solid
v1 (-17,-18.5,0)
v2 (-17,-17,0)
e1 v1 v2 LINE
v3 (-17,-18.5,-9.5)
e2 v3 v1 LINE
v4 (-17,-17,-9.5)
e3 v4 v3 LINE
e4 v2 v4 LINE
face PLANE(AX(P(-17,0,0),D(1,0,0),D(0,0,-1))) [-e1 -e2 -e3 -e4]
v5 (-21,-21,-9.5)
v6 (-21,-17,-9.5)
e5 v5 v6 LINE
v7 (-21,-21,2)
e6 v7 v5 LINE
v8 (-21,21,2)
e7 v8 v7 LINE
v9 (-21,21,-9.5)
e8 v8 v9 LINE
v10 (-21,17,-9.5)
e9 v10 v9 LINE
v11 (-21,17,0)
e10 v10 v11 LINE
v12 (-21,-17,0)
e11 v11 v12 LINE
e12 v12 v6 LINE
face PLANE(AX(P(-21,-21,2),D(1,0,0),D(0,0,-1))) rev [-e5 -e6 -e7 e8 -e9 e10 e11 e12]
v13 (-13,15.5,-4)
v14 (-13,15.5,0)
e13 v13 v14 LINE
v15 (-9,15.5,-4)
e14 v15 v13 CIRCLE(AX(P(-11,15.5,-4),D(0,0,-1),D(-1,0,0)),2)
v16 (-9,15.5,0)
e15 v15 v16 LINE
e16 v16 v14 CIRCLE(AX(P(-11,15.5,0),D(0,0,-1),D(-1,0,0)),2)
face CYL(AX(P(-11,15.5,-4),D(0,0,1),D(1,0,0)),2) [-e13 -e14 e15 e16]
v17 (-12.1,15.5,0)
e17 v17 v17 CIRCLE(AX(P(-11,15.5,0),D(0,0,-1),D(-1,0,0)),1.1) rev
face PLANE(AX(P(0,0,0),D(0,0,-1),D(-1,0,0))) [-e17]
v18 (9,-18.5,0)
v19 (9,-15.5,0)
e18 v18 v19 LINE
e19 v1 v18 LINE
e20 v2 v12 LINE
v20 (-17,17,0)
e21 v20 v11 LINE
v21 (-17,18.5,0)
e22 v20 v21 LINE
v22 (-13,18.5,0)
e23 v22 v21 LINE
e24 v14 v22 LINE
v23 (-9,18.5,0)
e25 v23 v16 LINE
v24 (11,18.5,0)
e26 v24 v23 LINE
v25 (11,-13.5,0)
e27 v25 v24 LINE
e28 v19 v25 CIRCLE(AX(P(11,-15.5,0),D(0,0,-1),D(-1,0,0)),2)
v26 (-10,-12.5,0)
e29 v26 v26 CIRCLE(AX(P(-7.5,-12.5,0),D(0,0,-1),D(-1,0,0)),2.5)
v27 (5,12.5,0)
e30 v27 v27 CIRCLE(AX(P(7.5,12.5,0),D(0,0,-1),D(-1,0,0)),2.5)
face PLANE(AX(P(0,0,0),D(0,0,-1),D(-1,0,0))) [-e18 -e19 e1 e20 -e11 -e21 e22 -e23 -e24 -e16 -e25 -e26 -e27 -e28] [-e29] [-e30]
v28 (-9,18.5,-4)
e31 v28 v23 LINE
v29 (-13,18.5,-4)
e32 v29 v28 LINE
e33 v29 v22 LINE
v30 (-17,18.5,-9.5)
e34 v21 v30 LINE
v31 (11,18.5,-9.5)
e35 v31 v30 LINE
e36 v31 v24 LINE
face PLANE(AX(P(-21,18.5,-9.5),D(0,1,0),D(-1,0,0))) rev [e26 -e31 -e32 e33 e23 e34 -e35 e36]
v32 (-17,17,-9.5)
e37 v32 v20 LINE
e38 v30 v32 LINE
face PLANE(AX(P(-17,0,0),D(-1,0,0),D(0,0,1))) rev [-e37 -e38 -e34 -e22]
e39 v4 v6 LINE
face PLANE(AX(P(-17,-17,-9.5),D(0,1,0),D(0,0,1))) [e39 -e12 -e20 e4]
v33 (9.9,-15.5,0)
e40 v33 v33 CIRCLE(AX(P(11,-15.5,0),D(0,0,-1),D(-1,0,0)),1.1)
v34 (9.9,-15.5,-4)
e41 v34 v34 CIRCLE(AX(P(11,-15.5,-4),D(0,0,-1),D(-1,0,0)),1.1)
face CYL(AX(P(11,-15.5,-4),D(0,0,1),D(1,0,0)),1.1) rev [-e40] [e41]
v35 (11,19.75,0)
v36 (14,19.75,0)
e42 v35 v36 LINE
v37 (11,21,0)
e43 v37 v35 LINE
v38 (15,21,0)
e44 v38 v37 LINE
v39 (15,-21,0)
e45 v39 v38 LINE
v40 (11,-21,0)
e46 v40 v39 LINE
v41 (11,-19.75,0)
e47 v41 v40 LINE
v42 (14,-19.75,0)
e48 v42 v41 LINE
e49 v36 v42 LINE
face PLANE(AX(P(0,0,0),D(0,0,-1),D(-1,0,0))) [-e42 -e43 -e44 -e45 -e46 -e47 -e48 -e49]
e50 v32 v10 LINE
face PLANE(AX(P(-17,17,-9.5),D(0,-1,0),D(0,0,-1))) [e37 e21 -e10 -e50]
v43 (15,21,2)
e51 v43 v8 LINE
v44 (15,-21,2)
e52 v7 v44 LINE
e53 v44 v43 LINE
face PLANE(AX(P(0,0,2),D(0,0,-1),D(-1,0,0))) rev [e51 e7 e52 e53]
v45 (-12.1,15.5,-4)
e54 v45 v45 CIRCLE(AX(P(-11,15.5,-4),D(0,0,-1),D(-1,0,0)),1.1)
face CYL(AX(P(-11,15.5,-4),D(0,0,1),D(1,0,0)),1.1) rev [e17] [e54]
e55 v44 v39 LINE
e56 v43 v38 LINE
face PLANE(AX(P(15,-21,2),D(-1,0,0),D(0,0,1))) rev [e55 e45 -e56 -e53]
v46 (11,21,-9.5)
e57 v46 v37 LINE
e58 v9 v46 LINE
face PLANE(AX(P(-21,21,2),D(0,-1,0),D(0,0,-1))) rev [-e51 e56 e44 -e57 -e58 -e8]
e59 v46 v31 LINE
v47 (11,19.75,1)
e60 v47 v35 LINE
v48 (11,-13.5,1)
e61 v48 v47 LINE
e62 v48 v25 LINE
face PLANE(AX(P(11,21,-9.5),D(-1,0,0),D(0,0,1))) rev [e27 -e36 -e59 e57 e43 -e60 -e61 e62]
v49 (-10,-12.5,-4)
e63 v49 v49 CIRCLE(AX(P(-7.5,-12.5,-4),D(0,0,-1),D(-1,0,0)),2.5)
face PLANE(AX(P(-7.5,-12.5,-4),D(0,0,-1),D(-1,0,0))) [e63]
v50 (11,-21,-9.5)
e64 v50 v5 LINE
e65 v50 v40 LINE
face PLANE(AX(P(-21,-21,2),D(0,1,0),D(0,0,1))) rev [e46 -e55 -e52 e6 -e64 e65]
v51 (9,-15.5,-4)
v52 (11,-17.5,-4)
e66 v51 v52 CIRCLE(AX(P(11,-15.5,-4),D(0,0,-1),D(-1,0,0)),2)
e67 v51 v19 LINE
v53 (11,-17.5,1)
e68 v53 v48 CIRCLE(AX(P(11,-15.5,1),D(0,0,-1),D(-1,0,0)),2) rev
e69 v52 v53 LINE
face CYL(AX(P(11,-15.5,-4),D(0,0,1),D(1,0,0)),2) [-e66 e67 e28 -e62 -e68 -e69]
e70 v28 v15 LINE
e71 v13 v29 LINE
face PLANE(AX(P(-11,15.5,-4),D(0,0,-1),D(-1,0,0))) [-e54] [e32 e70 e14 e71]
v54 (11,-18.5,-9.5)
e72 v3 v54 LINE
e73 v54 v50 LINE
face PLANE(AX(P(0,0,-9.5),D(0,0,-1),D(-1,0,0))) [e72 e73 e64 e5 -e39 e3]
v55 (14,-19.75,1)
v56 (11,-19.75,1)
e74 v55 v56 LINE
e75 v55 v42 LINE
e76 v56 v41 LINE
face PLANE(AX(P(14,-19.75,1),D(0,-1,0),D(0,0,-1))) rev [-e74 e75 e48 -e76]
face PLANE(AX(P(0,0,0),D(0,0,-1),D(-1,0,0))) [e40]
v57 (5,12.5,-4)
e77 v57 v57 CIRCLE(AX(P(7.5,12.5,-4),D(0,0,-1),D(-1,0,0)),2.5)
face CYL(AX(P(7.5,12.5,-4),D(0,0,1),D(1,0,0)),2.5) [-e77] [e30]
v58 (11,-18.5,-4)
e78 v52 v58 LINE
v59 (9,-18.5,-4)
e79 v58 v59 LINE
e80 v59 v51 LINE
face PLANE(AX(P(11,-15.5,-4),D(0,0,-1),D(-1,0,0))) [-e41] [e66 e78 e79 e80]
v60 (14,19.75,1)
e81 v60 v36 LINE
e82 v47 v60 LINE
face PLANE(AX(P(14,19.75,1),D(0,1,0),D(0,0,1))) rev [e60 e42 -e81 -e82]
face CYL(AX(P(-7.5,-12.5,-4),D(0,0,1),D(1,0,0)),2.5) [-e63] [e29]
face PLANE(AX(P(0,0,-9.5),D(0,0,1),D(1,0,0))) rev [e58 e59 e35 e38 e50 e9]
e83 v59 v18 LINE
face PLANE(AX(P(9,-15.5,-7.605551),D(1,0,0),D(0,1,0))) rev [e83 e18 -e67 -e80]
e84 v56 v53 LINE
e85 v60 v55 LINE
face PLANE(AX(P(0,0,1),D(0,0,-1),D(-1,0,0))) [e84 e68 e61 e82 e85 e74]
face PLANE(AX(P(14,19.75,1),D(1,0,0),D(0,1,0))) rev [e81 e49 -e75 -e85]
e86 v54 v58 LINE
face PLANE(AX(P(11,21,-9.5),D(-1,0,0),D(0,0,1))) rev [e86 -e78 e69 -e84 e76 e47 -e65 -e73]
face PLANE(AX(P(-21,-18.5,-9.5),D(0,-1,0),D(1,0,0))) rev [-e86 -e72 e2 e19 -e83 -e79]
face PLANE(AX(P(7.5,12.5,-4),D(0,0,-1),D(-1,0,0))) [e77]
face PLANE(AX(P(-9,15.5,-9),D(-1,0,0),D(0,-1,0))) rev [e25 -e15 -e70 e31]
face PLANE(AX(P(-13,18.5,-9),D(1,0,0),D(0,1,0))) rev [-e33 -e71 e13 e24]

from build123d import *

# Parameters (mm, degrees)
SKETCH_1_W          = 36
SKETCH_1_H          = 42
EXTRUDE_1_DEPTH     = 2
SKETCH_2_W          = 32
SKETCH_2_H          = 2.5
EXTRUDE_2_DEPTH     = 9.5
SKETCH_3_W          = 3
SKETCH_3_H          = 39.5
CUT_EXTRUDE_1_DEPTH = 1
SKETCH_4_R          = 2
SKETCH_4_R_2        = 1.1
EXTRUDE_3_DEPTH     = 4
SKETCH_4_2_R        = 2
EXTRUDE_4_DEPTH     = 1
EXTRUDE_5_DEPTH     = 4
EXTRUDE_6_DEPTH     = 4
SKETCH_8_R          = 2.5
EXTRUDE_7_DEPTH     = 4
SKETCH_9_W          = 9.5
SKETCH_9_H          = 1.5
EXTRUDE_8_DEPTH     = 4


with BuildPart() as part:
    # 草图1 → 凸台-拉伸1 (new body)
    with BuildSketch(Plane.XY):
        with Locations((-3, 0)):
            Rectangle(SKETCH_1_W, SKETCH_1_H)
    extrude(amount=EXTRUDE_1_DEPTH)

    # 草图2 → 凸台-拉伸2 (add)
    with BuildSketch(Plane(origin=(0, 0, 0), x_dir=(-1, 0, 0), z_dir=(0, 0, -1))):
        with Locations((5, 19.75)):
            Rectangle(SKETCH_2_W, SKETCH_2_H)
        with Locations((5, -19.75)):
            Rectangle(SKETCH_2_W, SKETCH_2_H)
    extrude(amount=EXTRUDE_2_DEPTH)

    # 草图3 → 切除-拉伸1 (cut)
    with BuildSketch(Plane(origin=(0, 0, 0), x_dir=(-1, 0, 0), z_dir=(0, 0, -1))):
        with Locations((-12.5, 0)):
            Rectangle(SKETCH_3_W, SKETCH_3_H)
    extrude(amount=-CUT_EXTRUDE_1_DEPTH, mode=Mode.SUBTRACT)

    # 草图4 → 凸台-拉伸3 (add)
    with BuildSketch(Plane(origin=(0, 0, 0), x_dir=(-1, 0, 0), z_dir=(0, 0, -1))):
        with Locations((11, 15.5)):
            Circle(SKETCH_4_R)
        with Locations((11, 15.5)):
            Circle(SKETCH_4_R_2, mode=Mode.SUBTRACT)
        with Locations((-11, -15.5)):
            Circle(SKETCH_4_R)
        with Locations((-11, -15.5)):
            Circle(SKETCH_4_R_2, mode=Mode.SUBTRACT)
    extrude(amount=EXTRUDE_3_DEPTH)

    # 草图4<2> → 凸台-拉伸4 (add)
    with BuildSketch(Plane(origin=(0, 0, 0), x_dir=(-1, 0, 0), z_dir=(0, 0, -1))):
        with Locations((-11, -15.5)):
            Circle(SKETCH_4_2_R)
    extrude(amount=-EXTRUDE_4_DEPTH)

    # 草图5 → 凸台-拉伸5 (add)
    with BuildSketch(Plane(origin=(0, 0, 0), x_dir=(-1, 0, 0), z_dir=(0, 0, -1))):
        Polygon((9, 15.5), (9, 18.5), (13, 18.5), (13, 15.5), (11, 17.5), align=None)
    extrude(amount=EXTRUDE_5_DEPTH)

    # 草图6 → 凸台-拉伸6 (add)
    with BuildSketch(Plane(origin=(0, 0, 0), x_dir=(-1, 0, 0), z_dir=(0, 0, -1))):
        Polygon((-11, -17.5), (-11, -18.5), (-9, -18.5), (-9, -15.5), align=None)
    extrude(amount=EXTRUDE_6_DEPTH)

    # 草图8 → 凸台-拉伸7 (add)
    with BuildSketch(Plane(origin=(0, 0, 0), x_dir=(-1, 0, 0), z_dir=(0, 0, -1))):
        with Locations((7.5, -12.5)):
            Circle(SKETCH_8_R)
        with Locations((-7.5, 12.5)):
            Circle(SKETCH_8_R)
    extrude(amount=EXTRUDE_7_DEPTH)

    # 草图9 → 凸台-拉伸8 (add)
    with BuildSketch(Plane.ZY.offset(21)):
        with Locations((-4.75, -17.75)):
            Rectangle(SKETCH_9_W, SKETCH_9_H)
        with Locations((-4.75, 17.75)):
            Rectangle(SKETCH_9_W, SKETCH_9_H)
    extrude(amount=-EXTRUDE_8_DEPTH)


solid = part.part
